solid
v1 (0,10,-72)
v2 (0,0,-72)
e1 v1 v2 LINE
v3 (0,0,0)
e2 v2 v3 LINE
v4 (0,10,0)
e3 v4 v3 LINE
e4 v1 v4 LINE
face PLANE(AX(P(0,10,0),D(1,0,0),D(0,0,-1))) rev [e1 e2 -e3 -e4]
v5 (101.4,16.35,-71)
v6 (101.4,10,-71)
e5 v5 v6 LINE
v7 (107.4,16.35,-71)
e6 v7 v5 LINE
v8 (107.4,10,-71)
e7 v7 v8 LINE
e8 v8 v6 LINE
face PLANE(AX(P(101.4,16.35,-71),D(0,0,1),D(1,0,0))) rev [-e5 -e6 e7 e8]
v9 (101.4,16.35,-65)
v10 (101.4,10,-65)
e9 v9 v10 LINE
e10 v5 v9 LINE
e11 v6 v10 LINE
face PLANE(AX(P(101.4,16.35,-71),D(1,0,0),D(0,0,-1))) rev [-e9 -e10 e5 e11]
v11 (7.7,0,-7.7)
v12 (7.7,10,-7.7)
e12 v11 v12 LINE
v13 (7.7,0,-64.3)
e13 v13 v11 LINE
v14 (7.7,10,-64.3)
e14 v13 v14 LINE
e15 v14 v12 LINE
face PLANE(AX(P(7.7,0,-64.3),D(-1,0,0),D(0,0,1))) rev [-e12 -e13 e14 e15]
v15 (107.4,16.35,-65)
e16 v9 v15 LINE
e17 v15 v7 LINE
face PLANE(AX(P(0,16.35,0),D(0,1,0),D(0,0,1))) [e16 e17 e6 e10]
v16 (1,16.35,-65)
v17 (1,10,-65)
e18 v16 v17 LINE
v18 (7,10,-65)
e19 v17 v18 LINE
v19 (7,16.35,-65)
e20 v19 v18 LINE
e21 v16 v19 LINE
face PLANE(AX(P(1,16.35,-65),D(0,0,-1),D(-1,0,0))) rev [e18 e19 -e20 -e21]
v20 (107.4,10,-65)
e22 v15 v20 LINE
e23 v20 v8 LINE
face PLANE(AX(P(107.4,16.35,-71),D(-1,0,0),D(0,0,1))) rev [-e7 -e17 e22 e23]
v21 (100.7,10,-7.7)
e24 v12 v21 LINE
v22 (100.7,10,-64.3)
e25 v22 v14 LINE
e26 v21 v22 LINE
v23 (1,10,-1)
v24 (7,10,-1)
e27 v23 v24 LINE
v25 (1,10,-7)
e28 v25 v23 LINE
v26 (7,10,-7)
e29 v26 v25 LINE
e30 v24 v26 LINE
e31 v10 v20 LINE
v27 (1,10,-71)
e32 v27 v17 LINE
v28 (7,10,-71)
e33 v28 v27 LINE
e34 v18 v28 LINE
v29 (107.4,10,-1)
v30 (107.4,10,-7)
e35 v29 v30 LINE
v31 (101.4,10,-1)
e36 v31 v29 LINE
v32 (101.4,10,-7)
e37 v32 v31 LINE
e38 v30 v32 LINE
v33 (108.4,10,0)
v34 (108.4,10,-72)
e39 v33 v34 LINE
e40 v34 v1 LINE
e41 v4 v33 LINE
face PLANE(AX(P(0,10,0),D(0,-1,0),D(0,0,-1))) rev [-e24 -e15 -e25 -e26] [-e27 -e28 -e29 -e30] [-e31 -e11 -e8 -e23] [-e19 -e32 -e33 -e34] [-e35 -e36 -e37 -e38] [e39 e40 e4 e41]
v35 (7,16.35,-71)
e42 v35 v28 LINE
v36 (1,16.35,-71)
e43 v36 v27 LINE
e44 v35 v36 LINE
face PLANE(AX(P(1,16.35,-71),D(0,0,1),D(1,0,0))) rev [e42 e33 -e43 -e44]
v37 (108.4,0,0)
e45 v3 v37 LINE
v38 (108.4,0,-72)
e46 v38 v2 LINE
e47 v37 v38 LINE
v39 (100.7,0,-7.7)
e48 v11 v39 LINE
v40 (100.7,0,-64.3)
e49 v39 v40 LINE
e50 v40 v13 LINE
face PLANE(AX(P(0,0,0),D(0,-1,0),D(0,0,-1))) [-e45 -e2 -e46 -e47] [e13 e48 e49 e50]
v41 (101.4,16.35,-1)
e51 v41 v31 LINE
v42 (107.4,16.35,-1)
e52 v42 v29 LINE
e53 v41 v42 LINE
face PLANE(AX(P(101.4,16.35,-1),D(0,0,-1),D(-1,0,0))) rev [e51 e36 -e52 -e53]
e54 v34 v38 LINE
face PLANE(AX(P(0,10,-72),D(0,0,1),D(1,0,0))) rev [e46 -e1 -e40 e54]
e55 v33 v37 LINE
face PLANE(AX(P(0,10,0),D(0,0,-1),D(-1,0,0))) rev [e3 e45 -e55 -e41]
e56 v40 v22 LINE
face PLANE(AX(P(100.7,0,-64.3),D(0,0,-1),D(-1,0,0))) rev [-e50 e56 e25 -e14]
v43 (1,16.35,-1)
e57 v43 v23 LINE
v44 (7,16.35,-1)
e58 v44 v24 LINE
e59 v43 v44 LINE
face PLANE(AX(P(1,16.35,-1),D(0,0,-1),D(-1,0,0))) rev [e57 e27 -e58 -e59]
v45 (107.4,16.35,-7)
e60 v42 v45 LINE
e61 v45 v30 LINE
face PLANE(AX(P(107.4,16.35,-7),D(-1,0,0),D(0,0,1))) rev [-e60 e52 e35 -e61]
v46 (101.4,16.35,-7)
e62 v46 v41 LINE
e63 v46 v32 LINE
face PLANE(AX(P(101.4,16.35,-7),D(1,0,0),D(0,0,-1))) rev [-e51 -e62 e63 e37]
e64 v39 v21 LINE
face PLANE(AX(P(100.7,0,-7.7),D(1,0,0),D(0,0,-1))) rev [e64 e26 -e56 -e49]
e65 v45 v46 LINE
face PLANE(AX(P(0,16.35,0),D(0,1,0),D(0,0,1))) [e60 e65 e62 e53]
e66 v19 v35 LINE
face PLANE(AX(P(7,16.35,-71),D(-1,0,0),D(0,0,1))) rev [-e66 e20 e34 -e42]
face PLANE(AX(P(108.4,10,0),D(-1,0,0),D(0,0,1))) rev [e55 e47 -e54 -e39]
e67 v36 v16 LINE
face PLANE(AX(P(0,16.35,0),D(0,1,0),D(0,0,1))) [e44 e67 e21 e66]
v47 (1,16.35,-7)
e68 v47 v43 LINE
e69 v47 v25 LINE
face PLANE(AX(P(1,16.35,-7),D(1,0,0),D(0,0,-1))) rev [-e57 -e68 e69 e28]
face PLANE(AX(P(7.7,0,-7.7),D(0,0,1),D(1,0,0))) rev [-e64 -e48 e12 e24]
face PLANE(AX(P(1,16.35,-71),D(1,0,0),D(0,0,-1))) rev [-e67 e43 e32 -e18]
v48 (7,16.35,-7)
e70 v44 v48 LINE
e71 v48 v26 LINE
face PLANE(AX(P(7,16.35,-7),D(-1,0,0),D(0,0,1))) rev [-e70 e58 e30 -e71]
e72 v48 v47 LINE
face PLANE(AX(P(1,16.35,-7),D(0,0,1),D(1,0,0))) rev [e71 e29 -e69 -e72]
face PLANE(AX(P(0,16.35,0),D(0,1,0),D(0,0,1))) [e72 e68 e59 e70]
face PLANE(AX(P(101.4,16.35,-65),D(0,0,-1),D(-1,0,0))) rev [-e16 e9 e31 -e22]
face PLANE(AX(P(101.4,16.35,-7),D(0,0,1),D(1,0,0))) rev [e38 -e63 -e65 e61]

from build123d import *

# Parameters (mm, degrees)
SKETCH1_W           = 108.4
SKETCH1_H           = 72
BOSS_EXTRUDE1_DEPTH = 10
SKETCH2_W           = 93
SKETCH2_H           = 56.6
CUT_EXTRUDE1_DEPTH  = 131.516512365
SKETCH4_W           = 6
SKETCH4_H           = 6
BOSS_EXTRUDE2_DEPTH = 6.35
SKETCH5_W           = 6
SKETCH5_H           = 6
BOSS_EXTRUDE3_DEPTH = 6.35
SKETCH6_W           = 6
SKETCH6_H           = 6
BOSS_EXTRUDE4_DEPTH = 6.35
SKETCH7_W           = 6
SKETCH7_H           = 6
BOSS_EXTRUDE5_DEPTH = 6.35


with BuildPart() as part:
    # Sketch1 → Boss-Extrude1 (new body)
    with BuildSketch(Plane(origin=(0, 0, 0), x_dir=(1, 0, 0), z_dir=(0, 1, 0))):
        with Locations((54.2, 36)):
            Rectangle(SKETCH1_W, SKETCH1_H)
    extrude(amount=BOSS_EXTRUDE1_DEPTH)

    # Sketch2 → Cut-Extrude1 (cut, through all)
    with BuildSketch(Plane(origin=(0, 10, 0), x_dir=(1, 0, 0), z_dir=(0, 1, 0))):
        with Locations((54.2, 36)):
            Rectangle(SKETCH2_W, SKETCH2_H)
    extrude(amount=-CUT_EXTRUDE1_DEPTH, mode=Mode.SUBTRACT)

    # Sketch4 → Boss-Extrude2 (add)
    with BuildSketch(Plane(origin=(0, 10, 0), x_dir=(1, 0, 0), z_dir=(0, 1, 0))):
        with Locations((4, 4)):
            Rectangle(SKETCH4_W, SKETCH4_H)
    extrude(amount=BOSS_EXTRUDE2_DEPTH)

    # Sketch5 → Boss-Extrude3 (add)
    with BuildSketch(Plane(origin=(0, 10, 0), x_dir=(1, 0, 0), z_dir=(0, 1, 0))):
        with Locations((104.4, 4)):
            Rectangle(SKETCH5_W, SKETCH5_H)
    extrude(amount=BOSS_EXTRUDE3_DEPTH)

    # Sketch6 → Boss-Extrude4 (add)
    with BuildSketch(Plane(origin=(0, 10, 0), x_dir=(1, 0, 0), z_dir=(0, 1, 0))):
        with Locations((4, 68)):
            Rectangle(SKETCH6_W, SKETCH6_H)
    extrude(amount=BOSS_EXTRUDE4_DEPTH)

    # Sketch7 → Boss-Extrude5 (add)
    with BuildSketch(Plane(origin=(0, 10, 0), x_dir=(1, 0, 0), z_dir=(0, 1, 0))):
        with Locations((104.4, 68)):
            Rectangle(SKETCH7_W, SKETCH7_H)
    extrude(amount=BOSS_EXTRUDE5_DEPTH)


solid = part.part
